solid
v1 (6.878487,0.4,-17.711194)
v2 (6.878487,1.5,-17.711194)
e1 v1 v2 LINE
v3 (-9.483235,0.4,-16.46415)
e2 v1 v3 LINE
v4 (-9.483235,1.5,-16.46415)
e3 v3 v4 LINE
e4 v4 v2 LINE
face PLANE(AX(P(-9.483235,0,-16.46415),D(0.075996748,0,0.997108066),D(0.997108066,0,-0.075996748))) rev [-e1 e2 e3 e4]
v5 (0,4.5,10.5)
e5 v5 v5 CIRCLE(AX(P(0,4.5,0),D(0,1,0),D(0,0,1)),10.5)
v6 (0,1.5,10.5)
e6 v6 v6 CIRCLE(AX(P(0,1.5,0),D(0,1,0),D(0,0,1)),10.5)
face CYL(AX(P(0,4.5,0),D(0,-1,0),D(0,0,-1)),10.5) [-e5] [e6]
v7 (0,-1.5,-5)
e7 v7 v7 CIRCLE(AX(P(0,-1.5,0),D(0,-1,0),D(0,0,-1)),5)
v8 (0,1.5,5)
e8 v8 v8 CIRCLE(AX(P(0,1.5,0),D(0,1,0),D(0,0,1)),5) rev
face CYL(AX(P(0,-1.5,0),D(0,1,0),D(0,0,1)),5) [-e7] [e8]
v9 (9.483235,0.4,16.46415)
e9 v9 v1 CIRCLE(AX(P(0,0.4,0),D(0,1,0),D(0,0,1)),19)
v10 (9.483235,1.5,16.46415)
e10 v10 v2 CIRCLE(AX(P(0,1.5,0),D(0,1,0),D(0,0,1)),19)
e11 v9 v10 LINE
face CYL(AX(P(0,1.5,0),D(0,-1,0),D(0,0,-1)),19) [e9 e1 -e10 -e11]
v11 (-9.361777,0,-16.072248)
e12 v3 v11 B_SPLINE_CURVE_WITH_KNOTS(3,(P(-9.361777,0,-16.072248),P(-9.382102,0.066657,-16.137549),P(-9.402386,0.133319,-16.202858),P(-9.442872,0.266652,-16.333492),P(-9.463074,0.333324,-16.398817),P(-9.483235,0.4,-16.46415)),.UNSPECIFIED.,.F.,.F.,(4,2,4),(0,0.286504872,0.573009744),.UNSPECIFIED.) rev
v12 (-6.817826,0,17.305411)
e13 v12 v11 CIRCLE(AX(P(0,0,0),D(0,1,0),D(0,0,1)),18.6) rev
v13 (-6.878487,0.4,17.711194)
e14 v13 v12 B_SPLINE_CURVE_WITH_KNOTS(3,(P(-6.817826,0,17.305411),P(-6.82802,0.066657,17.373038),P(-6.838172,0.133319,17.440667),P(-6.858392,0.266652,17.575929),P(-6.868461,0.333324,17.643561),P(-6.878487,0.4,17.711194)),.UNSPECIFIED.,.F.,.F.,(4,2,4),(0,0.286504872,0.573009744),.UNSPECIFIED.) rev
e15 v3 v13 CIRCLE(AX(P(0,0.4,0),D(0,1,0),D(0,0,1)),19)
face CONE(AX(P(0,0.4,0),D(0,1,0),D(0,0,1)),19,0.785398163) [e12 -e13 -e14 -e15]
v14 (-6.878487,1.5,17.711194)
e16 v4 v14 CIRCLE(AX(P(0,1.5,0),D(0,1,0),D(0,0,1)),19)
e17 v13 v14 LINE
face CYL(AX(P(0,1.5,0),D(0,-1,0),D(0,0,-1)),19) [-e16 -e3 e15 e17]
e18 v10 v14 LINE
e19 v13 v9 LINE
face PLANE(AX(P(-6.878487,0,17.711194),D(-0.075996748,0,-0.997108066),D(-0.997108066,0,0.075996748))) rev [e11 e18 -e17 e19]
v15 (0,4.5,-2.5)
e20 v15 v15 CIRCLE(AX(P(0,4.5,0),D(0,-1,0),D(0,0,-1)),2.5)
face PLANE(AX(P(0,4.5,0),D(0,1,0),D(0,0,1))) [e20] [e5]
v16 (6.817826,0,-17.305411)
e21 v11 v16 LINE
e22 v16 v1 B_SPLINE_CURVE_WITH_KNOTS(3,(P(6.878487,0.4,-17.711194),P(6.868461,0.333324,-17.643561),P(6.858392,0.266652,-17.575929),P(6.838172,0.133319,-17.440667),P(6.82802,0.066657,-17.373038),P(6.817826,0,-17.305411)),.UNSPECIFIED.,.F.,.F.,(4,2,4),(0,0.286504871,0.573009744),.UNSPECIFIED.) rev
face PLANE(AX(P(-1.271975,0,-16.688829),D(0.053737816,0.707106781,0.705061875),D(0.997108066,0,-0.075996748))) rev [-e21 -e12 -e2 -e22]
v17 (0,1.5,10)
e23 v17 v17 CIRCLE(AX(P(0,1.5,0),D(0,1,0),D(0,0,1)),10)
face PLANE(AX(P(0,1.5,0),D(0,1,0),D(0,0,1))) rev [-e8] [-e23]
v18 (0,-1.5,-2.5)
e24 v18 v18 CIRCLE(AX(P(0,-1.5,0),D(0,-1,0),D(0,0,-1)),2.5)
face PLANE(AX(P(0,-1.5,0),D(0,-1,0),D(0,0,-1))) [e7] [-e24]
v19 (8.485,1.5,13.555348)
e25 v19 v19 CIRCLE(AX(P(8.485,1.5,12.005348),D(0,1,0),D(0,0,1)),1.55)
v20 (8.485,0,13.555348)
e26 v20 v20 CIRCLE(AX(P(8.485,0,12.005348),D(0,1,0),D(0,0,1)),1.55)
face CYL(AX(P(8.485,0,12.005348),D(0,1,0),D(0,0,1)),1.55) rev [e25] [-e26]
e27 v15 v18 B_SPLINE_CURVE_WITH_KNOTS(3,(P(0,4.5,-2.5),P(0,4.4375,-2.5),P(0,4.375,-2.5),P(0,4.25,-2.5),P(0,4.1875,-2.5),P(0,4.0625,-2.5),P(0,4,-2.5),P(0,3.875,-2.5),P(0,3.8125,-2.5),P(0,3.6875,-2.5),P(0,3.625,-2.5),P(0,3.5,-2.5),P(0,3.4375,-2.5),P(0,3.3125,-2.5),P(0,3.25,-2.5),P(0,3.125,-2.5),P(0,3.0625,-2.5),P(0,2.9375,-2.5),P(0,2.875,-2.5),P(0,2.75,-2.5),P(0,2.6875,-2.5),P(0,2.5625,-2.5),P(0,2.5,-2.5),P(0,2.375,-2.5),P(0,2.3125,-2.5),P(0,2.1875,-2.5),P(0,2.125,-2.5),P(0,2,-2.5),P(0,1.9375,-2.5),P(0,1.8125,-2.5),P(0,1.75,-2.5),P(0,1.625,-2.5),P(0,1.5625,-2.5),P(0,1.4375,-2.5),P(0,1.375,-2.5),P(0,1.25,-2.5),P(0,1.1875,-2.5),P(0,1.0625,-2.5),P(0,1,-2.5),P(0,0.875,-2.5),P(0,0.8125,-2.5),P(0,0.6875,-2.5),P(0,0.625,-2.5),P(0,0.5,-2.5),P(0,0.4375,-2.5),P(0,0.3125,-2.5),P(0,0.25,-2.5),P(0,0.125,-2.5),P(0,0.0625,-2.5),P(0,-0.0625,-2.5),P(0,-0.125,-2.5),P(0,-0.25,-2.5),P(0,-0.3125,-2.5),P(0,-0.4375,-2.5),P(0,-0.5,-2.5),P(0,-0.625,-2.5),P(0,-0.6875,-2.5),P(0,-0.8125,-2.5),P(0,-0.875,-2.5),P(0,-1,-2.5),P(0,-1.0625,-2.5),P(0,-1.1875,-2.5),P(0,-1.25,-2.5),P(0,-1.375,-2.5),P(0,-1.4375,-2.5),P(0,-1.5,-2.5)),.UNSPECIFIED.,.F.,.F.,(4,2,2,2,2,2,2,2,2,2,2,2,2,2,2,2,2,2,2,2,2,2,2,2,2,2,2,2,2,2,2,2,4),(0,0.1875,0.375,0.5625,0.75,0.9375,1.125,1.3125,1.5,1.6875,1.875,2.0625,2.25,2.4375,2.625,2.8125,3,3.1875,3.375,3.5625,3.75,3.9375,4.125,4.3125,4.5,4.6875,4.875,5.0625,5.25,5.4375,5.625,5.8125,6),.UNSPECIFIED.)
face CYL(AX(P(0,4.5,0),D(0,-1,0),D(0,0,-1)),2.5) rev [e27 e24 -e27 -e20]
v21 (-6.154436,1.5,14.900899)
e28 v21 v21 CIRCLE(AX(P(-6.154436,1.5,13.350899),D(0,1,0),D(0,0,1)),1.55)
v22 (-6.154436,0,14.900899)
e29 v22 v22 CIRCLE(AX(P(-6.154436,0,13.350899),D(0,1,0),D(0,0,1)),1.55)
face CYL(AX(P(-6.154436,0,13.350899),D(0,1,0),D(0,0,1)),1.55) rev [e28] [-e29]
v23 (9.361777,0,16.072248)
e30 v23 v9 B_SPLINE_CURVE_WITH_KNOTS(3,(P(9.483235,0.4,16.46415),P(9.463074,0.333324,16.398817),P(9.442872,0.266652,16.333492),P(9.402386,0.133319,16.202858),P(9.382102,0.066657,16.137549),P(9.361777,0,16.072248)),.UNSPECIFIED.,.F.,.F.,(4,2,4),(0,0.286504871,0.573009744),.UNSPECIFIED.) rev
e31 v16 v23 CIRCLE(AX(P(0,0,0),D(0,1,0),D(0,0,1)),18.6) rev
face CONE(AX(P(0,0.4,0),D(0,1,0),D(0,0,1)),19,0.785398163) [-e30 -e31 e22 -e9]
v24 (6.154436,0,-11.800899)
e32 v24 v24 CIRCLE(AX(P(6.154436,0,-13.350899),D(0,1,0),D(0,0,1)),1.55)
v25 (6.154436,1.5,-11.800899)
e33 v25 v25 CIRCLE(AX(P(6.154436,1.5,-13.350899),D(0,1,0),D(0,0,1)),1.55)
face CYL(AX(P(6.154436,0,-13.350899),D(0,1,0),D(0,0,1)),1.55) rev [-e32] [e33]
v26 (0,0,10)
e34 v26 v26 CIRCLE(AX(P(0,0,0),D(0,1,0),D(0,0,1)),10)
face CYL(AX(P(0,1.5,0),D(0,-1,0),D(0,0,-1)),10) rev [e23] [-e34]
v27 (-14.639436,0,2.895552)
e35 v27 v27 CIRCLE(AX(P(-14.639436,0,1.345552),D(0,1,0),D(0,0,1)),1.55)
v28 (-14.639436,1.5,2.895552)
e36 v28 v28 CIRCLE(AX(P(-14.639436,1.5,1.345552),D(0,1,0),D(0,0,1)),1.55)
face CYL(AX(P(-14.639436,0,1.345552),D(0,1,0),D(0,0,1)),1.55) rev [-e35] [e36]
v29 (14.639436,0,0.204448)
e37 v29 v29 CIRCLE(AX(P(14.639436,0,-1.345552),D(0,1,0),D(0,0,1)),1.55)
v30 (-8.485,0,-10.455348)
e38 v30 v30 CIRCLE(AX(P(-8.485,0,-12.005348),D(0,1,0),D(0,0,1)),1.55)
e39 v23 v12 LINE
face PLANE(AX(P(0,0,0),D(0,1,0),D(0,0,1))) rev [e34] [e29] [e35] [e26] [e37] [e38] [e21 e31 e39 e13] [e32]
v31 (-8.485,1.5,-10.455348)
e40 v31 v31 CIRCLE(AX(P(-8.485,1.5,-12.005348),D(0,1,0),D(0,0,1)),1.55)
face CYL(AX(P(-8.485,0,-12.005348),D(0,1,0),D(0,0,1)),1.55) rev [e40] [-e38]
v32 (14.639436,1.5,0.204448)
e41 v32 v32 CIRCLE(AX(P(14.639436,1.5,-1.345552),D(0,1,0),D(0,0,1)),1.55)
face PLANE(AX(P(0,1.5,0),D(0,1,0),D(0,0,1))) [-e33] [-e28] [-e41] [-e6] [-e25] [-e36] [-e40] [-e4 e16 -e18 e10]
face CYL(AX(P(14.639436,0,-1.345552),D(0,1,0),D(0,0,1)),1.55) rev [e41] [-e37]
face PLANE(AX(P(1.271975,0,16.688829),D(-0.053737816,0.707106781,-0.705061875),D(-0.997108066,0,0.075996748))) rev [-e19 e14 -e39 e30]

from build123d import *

# Parameters (mm, degrees)
SKETCH1_R               = 19
SKETCH1_R_2             = 10
BOSS_EXTRUDE1_DEPTH     = 1.5
SKETCH2_R               = 1.55
CUT_EXTRUDE1_DEPTH      = 27.911893282
SKETCH3_R               = 10.5
BOSS_EXTRUDE2_DEPTH     = 3
CHAMFER2_SIZE           = 0.4
SKETCH4_R               = 5
BOSS_EXTRUDE3_DEPTH     = 3
CUT_EXTRUDE2_DEPTH      = 27.147397772
CUT_EXTRUDE2_DEPTH_BACK = 27.147397772
SKETCH4_3_R             = 2.5


with BuildPart() as part:
    # Sketch1 → Boss-Extrude1 (new body)
    with BuildSketch(Plane(origin=(0, 0, 0), x_dir=(1, 0, 0), z_dir=(0, 1, 0))):
        Circle(SKETCH1_R)
        Circle(SKETCH1_R_2, mode=Mode.SUBTRACT)
    extrude(amount=BOSS_EXTRUDE1_DEPTH)

    # Sketch2 → Cut-Extrude1 (cut, through all)
    with BuildSketch(Plane(origin=(0, 1.5, 0), x_dir=(1, 0, 0), z_dir=(0, 1, 0))):
        with Locations((-8.485, 12.005347771)):
            Circle(SKETCH2_R)
        with Locations((6.154436151, 13.350899437)):
            Circle(SKETCH2_R)
        with Locations((14.639436151, 1.345551666)):
            Circle(SKETCH2_R)
        with Locations((8.485, -12.005347771)):
            Circle(SKETCH2_R)
        with Locations((-6.154436151, -13.350899437)):
            Circle(SKETCH2_R)
        with Locations((-14.639436151, -1.345551666)):
            Circle(SKETCH2_R)
        Polygon((-9.483235294, 16.464150399), (6.878487463, 17.711194489), (6.645170501, 20.772407387), (-9.483235294, 19.543146054), align=None)
        Polygon((9.483235294, -16.464150399), (9.716552256, -19.525363297), (-6.411853538, -20.75462463), (-6.878487463, -17.711194489), align=None)
    extrude(amount=-CUT_EXTRUDE1_DEPTH, mode=Mode.SUBTRACT)

    # Sketch3 → Boss-Extrude2 (add)
    with BuildSketch(Plane(origin=(0, 1.5, 0), x_dir=(1, 0, 0), z_dir=(0, 1, 0))):
        Circle(SKETCH3_R)
    extrude(amount=BOSS_EXTRUDE2_DEPTH)

    # Chamfer2
    chamfer2_edges = [part.edges().sort_by_distance(p)[0] for p in [
        (1.302373916, 0, 17.087672444),
        (-18.945053245, 0, 1.443938211),
        (18.945053245, 0, -1.443938211),
        (-1.302373916, 0, -17.087672444),
    ]]
    chamfer(chamfer2_edges, length=CHAMFER2_SIZE)

    # Sketch4 → Boss-Extrude3 (add)
    with BuildSketch(Plane.XZ.offset(-1.5)):
        Circle(SKETCH4_R)
    extrude(amount=BOSS_EXTRUDE3_DEPTH)

    # Sketch4<3> → Cut-Extrude2 (cut, two sides: drawn at the far end of the back side and taken through both)
    with BuildSketch(Plane.XZ.offset(-1.5).offset(-CUT_EXTRUDE2_DEPTH_BACK)):
        Circle(SKETCH4_3_R)
    extrude(amount=CUT_EXTRUDE2_DEPTH + CUT_EXTRUDE2_DEPTH_BACK, mode=Mode.SUBTRACT)


solid = part.part
